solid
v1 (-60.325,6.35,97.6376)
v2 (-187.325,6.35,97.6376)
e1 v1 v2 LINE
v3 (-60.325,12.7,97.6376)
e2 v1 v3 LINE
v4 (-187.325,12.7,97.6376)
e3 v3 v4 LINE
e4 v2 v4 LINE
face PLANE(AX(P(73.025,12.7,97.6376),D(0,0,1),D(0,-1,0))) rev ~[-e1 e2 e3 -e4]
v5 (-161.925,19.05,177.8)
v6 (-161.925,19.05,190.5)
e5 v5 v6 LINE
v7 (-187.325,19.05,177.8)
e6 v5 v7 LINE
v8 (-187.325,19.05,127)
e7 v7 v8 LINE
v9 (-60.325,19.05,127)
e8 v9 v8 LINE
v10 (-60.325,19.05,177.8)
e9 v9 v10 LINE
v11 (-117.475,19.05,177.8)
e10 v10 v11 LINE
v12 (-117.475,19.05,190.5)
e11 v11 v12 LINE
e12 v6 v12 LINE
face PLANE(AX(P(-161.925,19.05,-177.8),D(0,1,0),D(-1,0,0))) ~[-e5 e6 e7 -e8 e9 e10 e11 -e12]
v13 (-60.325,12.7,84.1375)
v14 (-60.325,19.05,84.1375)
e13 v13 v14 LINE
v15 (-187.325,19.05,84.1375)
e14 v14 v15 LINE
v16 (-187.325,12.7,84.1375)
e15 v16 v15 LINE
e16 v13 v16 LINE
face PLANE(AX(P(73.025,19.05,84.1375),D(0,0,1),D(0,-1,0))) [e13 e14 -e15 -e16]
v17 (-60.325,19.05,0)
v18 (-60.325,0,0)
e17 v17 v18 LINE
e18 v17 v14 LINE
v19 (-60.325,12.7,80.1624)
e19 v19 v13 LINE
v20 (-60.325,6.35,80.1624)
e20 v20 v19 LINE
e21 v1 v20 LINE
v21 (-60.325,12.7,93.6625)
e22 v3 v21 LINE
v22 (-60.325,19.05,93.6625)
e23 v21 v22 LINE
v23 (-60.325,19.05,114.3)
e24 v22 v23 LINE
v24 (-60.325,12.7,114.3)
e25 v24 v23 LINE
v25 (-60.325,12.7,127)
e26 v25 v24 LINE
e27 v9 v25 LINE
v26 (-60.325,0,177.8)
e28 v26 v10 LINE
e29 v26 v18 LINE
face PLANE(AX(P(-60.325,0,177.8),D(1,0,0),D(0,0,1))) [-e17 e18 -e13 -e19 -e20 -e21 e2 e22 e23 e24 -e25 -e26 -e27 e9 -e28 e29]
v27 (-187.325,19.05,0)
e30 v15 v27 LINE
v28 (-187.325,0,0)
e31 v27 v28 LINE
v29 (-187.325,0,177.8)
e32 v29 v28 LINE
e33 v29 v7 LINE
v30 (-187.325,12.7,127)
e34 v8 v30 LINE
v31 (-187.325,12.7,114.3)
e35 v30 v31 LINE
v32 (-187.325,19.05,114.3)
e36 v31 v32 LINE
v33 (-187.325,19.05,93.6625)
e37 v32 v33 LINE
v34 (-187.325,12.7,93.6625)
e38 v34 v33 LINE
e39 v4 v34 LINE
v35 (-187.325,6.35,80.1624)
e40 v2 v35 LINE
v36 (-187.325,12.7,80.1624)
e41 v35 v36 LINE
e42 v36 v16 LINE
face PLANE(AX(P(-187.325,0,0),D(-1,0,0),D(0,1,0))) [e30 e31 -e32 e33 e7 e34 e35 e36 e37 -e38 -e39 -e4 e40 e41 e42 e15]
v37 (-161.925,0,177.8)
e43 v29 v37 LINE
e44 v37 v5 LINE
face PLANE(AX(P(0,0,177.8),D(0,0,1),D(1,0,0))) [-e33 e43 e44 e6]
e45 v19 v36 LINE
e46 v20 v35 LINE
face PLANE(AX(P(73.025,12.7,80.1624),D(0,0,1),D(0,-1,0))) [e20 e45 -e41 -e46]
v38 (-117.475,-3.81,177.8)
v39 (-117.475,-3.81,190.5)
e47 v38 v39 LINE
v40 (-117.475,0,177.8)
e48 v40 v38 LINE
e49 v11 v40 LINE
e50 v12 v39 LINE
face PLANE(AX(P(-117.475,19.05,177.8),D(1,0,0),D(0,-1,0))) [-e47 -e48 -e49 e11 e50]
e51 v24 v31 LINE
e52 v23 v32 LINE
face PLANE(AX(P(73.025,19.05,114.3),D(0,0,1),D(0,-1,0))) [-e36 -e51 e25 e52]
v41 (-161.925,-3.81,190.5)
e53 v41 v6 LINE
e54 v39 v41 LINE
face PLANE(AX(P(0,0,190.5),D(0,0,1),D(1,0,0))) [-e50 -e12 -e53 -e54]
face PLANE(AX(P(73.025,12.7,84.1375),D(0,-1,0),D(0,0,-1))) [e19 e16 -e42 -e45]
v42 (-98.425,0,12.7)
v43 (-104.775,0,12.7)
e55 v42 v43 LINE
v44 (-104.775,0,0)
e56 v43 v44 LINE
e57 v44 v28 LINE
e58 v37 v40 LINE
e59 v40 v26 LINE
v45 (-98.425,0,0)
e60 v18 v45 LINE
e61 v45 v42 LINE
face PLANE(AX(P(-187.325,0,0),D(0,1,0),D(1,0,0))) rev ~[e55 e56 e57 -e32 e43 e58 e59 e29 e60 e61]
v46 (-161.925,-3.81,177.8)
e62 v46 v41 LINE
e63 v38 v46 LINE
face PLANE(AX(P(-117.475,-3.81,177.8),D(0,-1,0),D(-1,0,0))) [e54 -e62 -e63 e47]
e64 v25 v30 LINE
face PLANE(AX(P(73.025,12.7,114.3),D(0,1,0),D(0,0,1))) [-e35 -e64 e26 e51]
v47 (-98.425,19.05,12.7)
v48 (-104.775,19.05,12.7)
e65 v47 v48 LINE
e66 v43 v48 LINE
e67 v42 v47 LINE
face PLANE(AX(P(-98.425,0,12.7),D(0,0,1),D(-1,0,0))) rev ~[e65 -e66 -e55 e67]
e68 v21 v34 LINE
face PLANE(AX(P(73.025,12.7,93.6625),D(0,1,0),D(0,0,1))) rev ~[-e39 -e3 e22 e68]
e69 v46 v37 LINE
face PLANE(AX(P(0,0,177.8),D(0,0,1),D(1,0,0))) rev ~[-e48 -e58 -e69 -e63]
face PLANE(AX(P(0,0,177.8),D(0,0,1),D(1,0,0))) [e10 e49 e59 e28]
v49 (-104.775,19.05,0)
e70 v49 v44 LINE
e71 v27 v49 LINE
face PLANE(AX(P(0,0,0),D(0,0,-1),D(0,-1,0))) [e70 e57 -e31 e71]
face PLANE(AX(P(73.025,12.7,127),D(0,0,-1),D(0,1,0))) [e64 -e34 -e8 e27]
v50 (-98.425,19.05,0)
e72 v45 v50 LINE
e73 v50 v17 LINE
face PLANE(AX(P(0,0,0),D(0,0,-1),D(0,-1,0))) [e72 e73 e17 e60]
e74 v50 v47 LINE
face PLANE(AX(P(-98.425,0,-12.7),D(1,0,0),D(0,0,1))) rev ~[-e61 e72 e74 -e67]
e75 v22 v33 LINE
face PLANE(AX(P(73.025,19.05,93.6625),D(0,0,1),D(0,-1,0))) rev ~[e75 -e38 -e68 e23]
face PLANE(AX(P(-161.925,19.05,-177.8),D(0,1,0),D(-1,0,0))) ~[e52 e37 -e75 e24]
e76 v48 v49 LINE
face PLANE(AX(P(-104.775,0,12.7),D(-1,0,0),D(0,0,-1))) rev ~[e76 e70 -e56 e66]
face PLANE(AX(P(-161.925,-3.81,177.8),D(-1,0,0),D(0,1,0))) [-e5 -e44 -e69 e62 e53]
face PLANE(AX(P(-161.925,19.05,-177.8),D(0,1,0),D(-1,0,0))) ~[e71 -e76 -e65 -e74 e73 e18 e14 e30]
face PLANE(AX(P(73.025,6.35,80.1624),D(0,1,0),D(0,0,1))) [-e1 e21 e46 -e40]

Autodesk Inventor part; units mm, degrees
ref_plane "YZ Plane" through (0, 0, 0) normal (1, 0, 0) x (0, 1, 0)
ref_plane "XZ Plane" through (0, 0, 0) normal (0, 1, 0) x (-1, 0, 0)
sketch "Sketch3" plane through (0, 0, 0) normal (0, 0, 1) x (1, 0, 0)
  line L0 (0, -9.525) -> (9.525, -9.525)
  line L1 (9.525, -9.525) -> (9.525, 0)
  line L2 (0, 0) -> (0, -9.525) construction
  line L3 (0, 0) -> (9.525, 0) construction
  line L4 (0, -9.525) -> (-9.525, -9.525)
  line L5 (-9.525, -9.525) -> (-9.525, 0)
  line L6 (9.525, 0) -> (73.025, 0)
  line L7 (-187.325, 0) -> (-187.325, 19.05)
  line L8 (-187.325, 0) -> (-9.525, 0)
  line L9 (73.025, 0) -> (73.025, 19.05)
  line L10 (73.025, 19.05) -> (-187.325, 19.05)
  dimension "d0" = 9.525
  dimension "d1" = 9.525
  dimension "d6" = 63.5
  dimension "d8" = 19.05
  dimension "d9" = 177.8
extrude "Extrusion1" add sketch "Sketch3" along normal mid plane 355.6
sketch "Sketch4" plane through (0, 0, 177.8) normal (0, 0, 1) x (1, 0, 0)
  line L0 (-187.325, 19.05) -> (73.025, 19.05) construction
  line L1 (0, 19.05) -> (0, -9.525) construction
  line L2 (9.525, -9.525) -> (-9.525, -9.525) construction
  line L3 (0, -9.525) -> (-22.225, -9.525)
  line L4 (-22.225, -9.525) -> (-22.225, 19.05)
  line L5 (-22.225, 19.05) -> (0, 19.05)
  line L6 (187.325, 19.05) -> (-73.025, 19.05) construction
  line L7 (0, -9.525) -> (22.225, -9.525)
  line L8 (22.225, -9.525) -> (22.225, 19.05)
  line L9 (0, 19.05) -> (22.225, 19.05)
  point P0 (0, 0)
  dimension "d12" = 22.225
extrude "Extrusion2" add sketch "Sketch4" along normal blind 12.7
mirror "Mirror1" about plane through (0, 0, 0) normal (0, 0, 1) of "Extrusion2"
sketch "Sketch6" plane through (-187.325, 0, -177.8) normal (0, -1, 0) x (1, 0, 0)
  line L0 (82.55, 165.1) -> (88.9, 165.1)
  line L1 (88.9, 165.1) -> (88.9, 190.5)
  line L2 (88.9, 190.5) -> (82.55, 190.5)
  line L3 (82.55, 190.5) -> (82.55, 165.1)
  line L4 (82.55, 165.1) -> (88.9, 190.5) construction
  line L5 (88.9, 165.1) -> (82.55, 190.5) construction
  line L6 (177.8, 0) -> (177.8, 355.6) projected
  point P0 (187.325, 177.8)
  point P1 (85.725, 177.8)
  dimension "d16" = 12.7
  dimension "d18" = 6.35
  dimension "d19" = 88.9
extrude "Extrusion3" cut sketch "Sketch6" against normal through all
sketch "Sketch7" plane through (0, 0, 177.8) normal (0, 0, 1) x (1, 0, 0)
  line L0 (-187.325, 19.05) -> (-22.225, 19.05) projected
  line L1 (-161.925, 19.05) -> (-117.475, 19.05)
  line L2 (-117.475, 19.05) -> (-117.475, -3.81)
  line L3 (-117.475, -3.81) -> (-161.925, -3.81)
  line L4 (-161.925, -3.81) -> (-161.925, 19.05)
  line L5 (-187.325, 19.05) -> (-187.325, 0) projected
  point P0 (0, 0)
  dimension "d22" = 44.45
  dimension "d23" = 22.86
  dimension "d24" = 25.4
extrude "Extrusion4" add sketch "Sketch7" along normal blind 12.7
mirror "Mirror2" about plane through (0, 0, 0) normal (0, 0, 1) of "Extrusion4"
sketch "Sketch9" plane through (73.025, 0, 177.8) normal (1, 0, 0) x (0, 0, -1)
  line L0 (355.6, 19.05) -> (0, 19.05) projected
  line L1 (50.8, 19.05) -> (63.5, 19.05)
  line L2 (63.5, 19.05) -> (63.5, 12.7)
  line L3 (63.5, 12.7) -> (50.8, 12.7)
  line L4 (50.8, 12.7) -> (50.8, 19.05)
  line L5 (0, 0) -> (0, 19.05) projected
  point P0 (177.8, 0)
  dimension "d28" = 12.7
  dimension "d29" = 6.35
  dimension "d30" = 50.8
extrude "Extrusion5" cut sketch "Sketch9" against normal through all
mirror "Mirror3" about plane through (0, 0, 0) normal (0, 0, 1) of "Extrusion5"
sketch "Sketch12" plane through (73.025, 0, 177.8) normal (1, 0, 0) x (0, 0, -1)
  line L0 (355.6, 0) -> (0, 0) construction
  line L1 (88.9, 0) -> (88.9, 16.5009) construction
  line L2 (0, 0) -> (0, 19.05) projected
  line L3 (50.8, 19.05) -> (0, 19.05) projected
  line L4 (84.1375, 19.05) -> (84.1375, 12.7)
  line L5 (84.1375, 12.7) -> (80.1624, 12.7)
  line L6 (80.1624, 12.7) -> (80.1624, 6.35)
  line L7 (80.1624, 6.35) -> (88.9, 6.35)
  line L8 (93.6625, 19.05) -> (93.6625, 12.7)
  line L9 (93.6625, 12.7) -> (97.6376, 12.7)
  line L10 (97.6376, 12.7) -> (97.6376, 6.35)
  line L11 (97.6376, 6.35) -> (88.9, 6.35)
  line L12 (84.1375, 19.05) -> (93.6625, 19.05)
  point P0 (177.8, 0)
  dimension "d46" = 88.9
  dimension "d47" = 4.7625
  dimension "d48" = 6.35
  dimension "d49" = 6.35
  dimension "d50" = 8.7376
extrude "Extrusion8" cut sketch "Sketch12" against normal through all
mirror "Mirror4" about plane through (0, 0, 0) normal (0, 0, 1) of "Extrusion8"
split "Split2" plane through (0, 0, 0) removes the side toward (0, 0, -1)
ref_plane "Work Plane1" through (-60.325, 0, 177.8) normal (1, 0, 0) x (0, 0, -1)
split "Split3" plane through (-60.325, 0, 177.8) removes the side toward (1, 0, 0)
properties part number "BandSawJigBottomSpiltA-SplitB" material "LCP Plastic"
